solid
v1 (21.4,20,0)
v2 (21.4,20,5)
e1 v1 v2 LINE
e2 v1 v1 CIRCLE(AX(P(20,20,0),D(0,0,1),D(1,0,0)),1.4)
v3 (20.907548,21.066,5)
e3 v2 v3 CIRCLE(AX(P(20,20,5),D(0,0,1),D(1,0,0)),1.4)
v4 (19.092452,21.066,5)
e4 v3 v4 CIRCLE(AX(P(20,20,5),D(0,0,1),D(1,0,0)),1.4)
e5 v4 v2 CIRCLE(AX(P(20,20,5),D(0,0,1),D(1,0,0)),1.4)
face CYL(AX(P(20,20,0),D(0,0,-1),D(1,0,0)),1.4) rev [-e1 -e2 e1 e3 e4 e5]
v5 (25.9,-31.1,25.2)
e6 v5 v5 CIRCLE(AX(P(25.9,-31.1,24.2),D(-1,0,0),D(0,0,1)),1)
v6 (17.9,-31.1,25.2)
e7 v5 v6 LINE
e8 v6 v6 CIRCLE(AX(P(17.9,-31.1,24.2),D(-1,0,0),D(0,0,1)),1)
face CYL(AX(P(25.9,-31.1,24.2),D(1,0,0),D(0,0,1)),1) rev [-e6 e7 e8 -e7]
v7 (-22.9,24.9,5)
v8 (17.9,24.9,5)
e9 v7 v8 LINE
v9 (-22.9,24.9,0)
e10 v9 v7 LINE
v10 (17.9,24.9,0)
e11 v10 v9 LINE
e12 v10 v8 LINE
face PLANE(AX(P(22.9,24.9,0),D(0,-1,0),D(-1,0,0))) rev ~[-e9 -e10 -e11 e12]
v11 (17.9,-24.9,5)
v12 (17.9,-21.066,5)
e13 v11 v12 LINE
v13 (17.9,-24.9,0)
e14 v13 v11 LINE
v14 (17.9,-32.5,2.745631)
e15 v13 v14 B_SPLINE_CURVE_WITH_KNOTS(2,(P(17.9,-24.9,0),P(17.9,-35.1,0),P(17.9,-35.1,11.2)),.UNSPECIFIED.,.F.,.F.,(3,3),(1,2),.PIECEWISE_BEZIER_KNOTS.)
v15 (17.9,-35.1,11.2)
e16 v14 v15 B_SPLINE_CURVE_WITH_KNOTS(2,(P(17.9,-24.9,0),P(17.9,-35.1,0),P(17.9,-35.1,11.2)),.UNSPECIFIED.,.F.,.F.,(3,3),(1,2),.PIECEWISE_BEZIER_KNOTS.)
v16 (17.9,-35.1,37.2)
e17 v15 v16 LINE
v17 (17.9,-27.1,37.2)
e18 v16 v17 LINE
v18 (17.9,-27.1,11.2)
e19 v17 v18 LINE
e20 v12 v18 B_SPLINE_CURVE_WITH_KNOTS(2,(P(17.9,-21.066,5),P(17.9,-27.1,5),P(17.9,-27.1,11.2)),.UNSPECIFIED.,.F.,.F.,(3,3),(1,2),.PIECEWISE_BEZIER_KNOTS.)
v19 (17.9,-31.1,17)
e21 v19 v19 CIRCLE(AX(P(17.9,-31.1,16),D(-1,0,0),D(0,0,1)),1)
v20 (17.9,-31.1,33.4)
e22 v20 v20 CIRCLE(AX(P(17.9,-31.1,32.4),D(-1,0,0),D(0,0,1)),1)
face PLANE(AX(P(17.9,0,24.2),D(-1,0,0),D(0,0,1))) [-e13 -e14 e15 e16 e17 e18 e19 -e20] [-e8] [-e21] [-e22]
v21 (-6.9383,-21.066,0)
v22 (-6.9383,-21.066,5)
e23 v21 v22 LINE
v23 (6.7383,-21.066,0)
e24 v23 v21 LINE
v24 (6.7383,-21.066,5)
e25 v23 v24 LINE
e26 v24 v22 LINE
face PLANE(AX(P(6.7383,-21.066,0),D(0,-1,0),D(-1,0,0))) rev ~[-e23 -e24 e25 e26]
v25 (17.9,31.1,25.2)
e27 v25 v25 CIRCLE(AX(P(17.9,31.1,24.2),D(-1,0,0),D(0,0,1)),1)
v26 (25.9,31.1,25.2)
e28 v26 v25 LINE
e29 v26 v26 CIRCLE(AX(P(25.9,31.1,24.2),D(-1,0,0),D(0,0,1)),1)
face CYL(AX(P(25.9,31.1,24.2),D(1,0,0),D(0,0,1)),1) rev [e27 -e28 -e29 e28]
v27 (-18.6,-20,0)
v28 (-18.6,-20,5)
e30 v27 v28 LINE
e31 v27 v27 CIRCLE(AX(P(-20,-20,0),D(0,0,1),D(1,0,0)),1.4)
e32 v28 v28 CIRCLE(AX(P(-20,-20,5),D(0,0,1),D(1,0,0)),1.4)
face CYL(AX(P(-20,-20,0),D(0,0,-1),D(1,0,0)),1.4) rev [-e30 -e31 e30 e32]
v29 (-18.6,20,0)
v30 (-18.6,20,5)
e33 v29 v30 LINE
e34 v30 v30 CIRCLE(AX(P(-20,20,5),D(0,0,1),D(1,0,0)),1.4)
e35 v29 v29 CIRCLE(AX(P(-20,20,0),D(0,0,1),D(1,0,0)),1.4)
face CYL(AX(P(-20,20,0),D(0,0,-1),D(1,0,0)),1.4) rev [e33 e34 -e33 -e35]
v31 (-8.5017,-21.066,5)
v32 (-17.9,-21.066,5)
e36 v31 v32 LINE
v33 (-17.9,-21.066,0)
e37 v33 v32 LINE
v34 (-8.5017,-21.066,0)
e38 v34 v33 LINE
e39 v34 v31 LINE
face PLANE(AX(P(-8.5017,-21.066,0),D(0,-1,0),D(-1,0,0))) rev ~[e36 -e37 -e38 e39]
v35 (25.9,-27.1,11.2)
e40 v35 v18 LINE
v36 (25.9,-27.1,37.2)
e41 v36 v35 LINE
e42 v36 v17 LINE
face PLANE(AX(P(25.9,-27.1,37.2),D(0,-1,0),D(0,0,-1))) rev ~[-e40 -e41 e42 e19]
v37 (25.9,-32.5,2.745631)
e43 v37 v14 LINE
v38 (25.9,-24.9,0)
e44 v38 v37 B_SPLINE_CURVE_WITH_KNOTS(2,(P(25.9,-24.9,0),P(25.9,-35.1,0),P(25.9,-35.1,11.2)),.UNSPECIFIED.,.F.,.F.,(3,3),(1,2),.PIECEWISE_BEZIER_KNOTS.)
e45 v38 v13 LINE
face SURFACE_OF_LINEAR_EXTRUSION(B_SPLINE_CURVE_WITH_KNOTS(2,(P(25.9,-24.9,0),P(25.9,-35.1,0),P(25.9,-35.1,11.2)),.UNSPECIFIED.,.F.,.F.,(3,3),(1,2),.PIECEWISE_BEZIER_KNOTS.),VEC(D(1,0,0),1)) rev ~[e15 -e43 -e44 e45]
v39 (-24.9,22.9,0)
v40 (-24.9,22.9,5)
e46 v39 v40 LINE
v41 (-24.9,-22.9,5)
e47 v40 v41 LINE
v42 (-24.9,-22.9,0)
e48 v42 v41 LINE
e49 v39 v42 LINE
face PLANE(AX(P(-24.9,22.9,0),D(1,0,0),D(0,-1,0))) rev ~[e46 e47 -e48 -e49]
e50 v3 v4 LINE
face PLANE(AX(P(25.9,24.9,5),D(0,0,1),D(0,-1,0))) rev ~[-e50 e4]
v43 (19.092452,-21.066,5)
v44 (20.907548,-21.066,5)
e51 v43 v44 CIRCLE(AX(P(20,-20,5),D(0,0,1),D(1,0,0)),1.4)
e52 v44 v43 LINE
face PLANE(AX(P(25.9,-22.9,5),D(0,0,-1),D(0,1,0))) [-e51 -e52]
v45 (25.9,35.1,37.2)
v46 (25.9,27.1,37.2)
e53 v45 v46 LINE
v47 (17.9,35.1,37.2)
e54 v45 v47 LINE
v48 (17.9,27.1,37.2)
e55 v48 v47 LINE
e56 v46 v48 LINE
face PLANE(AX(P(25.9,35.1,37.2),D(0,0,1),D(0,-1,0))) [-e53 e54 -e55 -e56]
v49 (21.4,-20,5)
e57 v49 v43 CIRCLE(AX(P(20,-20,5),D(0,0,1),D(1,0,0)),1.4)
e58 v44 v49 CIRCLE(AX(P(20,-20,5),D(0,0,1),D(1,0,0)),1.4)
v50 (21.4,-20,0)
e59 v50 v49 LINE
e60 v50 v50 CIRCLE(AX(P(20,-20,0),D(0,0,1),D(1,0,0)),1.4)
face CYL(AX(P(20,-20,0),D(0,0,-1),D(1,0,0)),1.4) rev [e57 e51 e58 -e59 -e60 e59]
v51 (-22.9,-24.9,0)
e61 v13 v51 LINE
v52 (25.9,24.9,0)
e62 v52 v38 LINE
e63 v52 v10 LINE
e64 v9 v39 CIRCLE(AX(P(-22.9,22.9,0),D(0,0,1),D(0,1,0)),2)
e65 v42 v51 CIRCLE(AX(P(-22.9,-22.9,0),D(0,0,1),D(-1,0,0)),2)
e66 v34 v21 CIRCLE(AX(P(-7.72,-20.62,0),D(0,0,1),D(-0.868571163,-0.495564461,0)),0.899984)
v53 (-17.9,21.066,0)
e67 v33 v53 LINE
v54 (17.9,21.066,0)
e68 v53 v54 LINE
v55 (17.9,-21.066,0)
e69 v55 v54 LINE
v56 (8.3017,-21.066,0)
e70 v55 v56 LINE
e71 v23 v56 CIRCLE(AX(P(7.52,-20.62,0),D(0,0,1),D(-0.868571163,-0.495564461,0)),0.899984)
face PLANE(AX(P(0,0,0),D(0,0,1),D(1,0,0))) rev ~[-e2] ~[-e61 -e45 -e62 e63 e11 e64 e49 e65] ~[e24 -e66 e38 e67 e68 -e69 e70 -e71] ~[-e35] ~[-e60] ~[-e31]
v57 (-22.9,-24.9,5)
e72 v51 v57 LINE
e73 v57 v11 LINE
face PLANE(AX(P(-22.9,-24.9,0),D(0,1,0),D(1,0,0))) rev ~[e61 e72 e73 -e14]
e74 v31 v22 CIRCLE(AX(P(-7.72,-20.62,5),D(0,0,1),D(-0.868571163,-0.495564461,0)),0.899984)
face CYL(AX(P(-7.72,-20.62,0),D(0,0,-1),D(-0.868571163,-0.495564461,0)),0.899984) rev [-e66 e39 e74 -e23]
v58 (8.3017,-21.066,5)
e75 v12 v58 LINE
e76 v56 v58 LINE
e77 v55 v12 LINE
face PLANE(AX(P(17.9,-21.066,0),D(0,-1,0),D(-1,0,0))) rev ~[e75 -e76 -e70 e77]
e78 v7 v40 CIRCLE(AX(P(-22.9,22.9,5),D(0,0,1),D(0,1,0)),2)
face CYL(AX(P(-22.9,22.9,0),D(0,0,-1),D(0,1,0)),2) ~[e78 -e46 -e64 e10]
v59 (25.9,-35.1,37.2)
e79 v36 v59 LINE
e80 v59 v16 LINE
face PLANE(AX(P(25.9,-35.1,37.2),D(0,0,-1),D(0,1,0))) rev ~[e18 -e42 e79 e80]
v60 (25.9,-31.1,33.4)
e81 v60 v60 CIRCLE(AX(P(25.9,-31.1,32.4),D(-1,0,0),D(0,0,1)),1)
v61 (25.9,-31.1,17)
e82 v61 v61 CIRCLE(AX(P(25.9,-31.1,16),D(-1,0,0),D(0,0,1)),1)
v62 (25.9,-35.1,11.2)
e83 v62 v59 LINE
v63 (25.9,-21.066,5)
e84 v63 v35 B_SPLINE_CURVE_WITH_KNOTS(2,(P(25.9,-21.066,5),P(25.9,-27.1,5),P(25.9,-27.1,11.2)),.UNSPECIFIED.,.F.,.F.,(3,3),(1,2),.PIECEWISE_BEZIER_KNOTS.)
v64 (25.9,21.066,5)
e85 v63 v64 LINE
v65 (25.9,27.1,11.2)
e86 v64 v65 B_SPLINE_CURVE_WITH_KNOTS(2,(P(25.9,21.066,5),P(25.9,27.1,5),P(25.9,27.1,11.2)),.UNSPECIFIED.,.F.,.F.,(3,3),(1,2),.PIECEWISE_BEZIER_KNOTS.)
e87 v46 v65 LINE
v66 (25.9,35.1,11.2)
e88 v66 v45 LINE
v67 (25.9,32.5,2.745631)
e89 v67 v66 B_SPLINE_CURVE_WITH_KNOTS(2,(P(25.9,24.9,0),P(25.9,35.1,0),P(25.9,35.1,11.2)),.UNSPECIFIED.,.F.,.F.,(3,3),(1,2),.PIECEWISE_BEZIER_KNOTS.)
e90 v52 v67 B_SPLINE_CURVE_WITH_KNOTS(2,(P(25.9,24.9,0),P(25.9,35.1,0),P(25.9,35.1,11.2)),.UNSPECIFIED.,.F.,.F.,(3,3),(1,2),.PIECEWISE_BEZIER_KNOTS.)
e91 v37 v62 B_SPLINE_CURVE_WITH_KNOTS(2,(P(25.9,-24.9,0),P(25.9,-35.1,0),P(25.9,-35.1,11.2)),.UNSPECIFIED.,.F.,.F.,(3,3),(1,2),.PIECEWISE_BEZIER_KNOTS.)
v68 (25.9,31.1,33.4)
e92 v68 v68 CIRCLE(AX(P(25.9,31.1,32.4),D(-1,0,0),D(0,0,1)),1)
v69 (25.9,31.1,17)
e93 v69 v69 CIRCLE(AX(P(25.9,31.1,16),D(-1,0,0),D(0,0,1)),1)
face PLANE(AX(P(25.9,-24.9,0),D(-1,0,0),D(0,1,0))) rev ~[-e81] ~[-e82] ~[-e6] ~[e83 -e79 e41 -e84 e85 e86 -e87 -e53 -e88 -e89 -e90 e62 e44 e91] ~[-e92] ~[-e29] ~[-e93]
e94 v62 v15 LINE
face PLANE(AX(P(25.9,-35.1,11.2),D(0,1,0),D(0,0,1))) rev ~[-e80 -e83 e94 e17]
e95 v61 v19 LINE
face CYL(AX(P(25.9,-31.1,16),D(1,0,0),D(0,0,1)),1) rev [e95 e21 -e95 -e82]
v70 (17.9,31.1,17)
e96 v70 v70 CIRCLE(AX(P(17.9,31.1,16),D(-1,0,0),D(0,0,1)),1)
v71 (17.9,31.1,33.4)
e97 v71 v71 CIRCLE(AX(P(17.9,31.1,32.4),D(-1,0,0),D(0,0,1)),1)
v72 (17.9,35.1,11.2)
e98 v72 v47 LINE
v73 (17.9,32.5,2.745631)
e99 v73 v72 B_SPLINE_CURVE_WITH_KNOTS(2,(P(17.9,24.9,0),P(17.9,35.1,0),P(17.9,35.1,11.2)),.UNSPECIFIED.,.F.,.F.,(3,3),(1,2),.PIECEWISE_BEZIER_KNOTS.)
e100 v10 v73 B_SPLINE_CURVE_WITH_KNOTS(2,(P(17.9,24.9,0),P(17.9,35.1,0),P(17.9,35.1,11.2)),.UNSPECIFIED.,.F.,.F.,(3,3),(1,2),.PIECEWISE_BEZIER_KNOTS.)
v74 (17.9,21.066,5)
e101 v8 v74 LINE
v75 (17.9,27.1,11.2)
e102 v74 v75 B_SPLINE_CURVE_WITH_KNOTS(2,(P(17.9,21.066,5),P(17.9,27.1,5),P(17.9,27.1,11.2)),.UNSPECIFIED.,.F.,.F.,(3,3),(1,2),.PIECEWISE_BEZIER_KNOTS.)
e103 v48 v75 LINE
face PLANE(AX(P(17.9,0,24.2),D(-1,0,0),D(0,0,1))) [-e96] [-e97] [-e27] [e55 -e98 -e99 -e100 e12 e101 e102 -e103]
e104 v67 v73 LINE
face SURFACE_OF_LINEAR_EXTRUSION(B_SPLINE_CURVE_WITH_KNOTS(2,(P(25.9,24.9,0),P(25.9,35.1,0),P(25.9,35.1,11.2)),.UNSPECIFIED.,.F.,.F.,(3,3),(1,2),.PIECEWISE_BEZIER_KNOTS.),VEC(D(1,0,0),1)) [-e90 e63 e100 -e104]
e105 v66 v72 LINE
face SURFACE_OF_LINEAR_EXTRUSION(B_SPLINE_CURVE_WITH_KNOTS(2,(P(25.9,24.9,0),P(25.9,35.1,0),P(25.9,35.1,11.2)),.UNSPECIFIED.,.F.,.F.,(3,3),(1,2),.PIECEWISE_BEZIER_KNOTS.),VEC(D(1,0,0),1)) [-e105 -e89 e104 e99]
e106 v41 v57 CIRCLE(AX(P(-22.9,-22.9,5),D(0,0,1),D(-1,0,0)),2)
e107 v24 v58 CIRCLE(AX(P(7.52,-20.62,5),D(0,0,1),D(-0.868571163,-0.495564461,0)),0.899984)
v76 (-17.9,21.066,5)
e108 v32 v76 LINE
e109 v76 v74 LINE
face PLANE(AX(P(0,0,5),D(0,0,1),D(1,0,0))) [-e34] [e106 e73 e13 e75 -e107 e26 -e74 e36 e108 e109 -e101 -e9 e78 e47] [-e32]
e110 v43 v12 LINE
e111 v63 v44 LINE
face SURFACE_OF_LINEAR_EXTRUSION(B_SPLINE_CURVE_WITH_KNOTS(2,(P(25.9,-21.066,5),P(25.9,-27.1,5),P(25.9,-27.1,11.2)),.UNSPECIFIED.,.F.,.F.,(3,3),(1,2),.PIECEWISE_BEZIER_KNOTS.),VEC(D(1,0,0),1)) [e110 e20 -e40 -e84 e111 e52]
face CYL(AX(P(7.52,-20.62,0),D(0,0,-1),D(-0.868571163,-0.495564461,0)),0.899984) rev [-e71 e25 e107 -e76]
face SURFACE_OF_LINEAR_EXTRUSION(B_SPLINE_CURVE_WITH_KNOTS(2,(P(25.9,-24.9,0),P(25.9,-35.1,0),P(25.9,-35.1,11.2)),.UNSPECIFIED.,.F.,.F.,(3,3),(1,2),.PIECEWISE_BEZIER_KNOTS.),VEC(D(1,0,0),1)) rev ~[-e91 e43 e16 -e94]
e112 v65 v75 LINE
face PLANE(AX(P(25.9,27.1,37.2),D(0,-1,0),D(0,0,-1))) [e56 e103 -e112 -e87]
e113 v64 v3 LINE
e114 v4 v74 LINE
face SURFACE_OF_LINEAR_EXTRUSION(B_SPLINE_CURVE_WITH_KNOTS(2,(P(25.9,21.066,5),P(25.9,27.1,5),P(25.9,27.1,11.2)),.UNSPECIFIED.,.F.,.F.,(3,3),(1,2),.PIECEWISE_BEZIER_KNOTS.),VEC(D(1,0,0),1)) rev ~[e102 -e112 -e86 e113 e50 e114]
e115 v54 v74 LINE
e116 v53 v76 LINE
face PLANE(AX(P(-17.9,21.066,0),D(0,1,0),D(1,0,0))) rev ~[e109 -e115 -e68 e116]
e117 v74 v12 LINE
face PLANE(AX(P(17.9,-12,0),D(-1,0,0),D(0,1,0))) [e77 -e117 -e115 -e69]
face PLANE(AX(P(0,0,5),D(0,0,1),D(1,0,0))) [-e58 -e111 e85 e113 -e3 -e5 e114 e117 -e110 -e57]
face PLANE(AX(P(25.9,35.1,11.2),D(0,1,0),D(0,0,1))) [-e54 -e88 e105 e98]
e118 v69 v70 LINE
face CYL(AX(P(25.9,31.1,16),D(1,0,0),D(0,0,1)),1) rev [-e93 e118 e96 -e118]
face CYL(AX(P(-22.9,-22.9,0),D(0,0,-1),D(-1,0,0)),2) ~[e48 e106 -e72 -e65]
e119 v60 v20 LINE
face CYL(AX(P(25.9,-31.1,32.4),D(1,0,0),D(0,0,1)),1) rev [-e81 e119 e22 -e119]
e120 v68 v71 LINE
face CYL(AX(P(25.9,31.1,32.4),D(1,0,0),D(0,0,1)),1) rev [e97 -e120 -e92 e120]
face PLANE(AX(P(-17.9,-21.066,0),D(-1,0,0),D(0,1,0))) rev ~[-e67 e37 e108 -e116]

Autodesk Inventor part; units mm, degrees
ref_plane "YZ Plane" through (0, 0, 0) normal (1, 0, 0) x (0, 1, 0)
ref_plane "XZ Plane" through (0, 0, 0) normal (0, 1, 0) x (-1, 0, 0)
ref_plane "XY Plane" through (0, 0, 0) normal (0, 0, 1) x (1, 0, 0)
ref_plane "Arbeitsebene1" through (0, 0, 0) normal (0, 0, 1) x (1, 0, 0)
sketch "Skizze1" plane through (0, 0, 0) normal (0, 0, 1) x (1, 0, 0)
  arc A0 (13.4381, 5.6873) -> (13.3881, 5.2) centre (15.7881, 5.2) ccw construction
  line L0 (13.4381, 5.6873) -> (13.4381, 7.6) construction
  line L1 (13.4381, 7.6) -> (15.7881, 7.6) construction
  arc A1 (18.1881, 5.2) -> (15.7881, 7.6) centre (15.7881, 5.2) ccw projected
  line L2 (18.1881, 5.2) -> (18.1881, -5.2) construction
  arc A2 (15.7881, -7.6) -> (18.1881, -5.2) centre (15.7881, -5.2) ccw projected
  line L3 (15.7881, -7.6) -> (13.4381, -7.6) construction
  line L4 (13.4381, -7.6) -> (13.4381, -5.6873) construction
  arc A3 (13.3881, -5.2) -> (13.4381, -5.6873) centre (15.7881, -5.2) ccw construction
  line L5 (13.3881, -5.2) -> (13.3881, 5.2) construction
  arc A4 (14.5, 9) -> (11.5, 6) centre (14.5, 6) ccw construction
  line L6 (11.5, -6) -> (11.5, 6) construction
  arc A5 (11.5, -6) -> (14.5, -9) centre (14.5, -6) ccw construction
  line L7 (14.9, -9) -> (14.5, -9) construction
  arc A6 (17.9, -12) -> (14.9, -9) centre (14.9, -12) ccw projected
  line L8 (17.9, -12) -> (17.9, -21.066) projected
  line L9 (6.7383, -21.066) -> (-6.9383, -21.066) projected
  line L10 (-17.9, -21.066) -> (-17.9, 21.066) projected
  line L11 (-17.9, 21.066) -> (17.9, 21.066) projected
  line L12 (17.9, 21.066) -> (17.9, 12) projected
  arc A7 (14.9, 9) -> (17.9, 12) centre (14.9, 12) ccw projected
  line L13 (14.5, 9) -> (14.9, 9) construction
  circle A8 centre (-20, 20) radius 1.6 construction
  circle A9 centre (20, -20) radius 1.6 construction
  circle A10 centre (-20, -20) radius 1.6 construction
  circle A11 centre (20, 20) radius 1.6 construction
  arc A12 (-22.9, 24.9) -> (-24.9, 22.9) centre (-22.9, 22.9) ccw projected
  line L14 (-24.9, 22.9) -> (-24.9, -22.9) projected
  arc A13 (-24.9, -22.9) -> (-22.9, -24.9) centre (-22.9, -22.9) ccw projected
  line L15 (-22.9, -24.9) -> (22.9, -24.9) projected
  arc A14 (22.9, -24.9) -> (24.9, -22.9) centre (22.9, -22.9) ccw projected
  line L16 (24.9, -22.9) -> (24.9, 22.9) projected
  arc A15 (24.9, 22.9) -> (22.9, 24.9) centre (22.9, 22.9) ccw projected
  line L17 (22.9, 24.9) -> (-22.9, 24.9) projected
  arc A16 (6.7383, -21.066) -> (8.3017, -21.066) centre (7.52, -20.62) ccw projected
  arc A17 (-8.5017, -21.066) -> (-6.9383, -21.066) centre (-7.72, -20.62) ccw projected
  line L18 (-8.5017, -21.066) -> (-17.9, -21.066) projected
  line L19 (17.9, -21.066) -> (8.3017, -21.066) projected
  line L20 (17.9, -12) -> (17.9, 12)
  circle A18 centre (-20, 20) radius 1.4
  line L21 (-20, 20) -> (20, 20) construction
  line L22 (20, 20) -> (20, -20) construction
  line L23 (20, -20) -> (-20, -20) construction
  line L24 (-20, -20) -> (-20, 20) construction
  circle A19 centre (20, -20) radius 1.4
  circle A20 centre (20, 20) radius 1.4
  circle A21 centre (-20, -20) radius 1.4
  line L25 (25.9, -32.5) -> (25.9, 32.5) projected
  line L26 (22.9, -24.9) -> (25.9, -24.9)
  line L27 (22.9, 24.9) -> (25.9, 24.9)
  point P0 (0, 0)
  dimension "d7" = 2.8
  dimension "d8" = 40
  dimension "d9" = 40
  dimension "d10" = 2.8
  dimension "d11" = 2.8
  dimension "d12" = 2.8
extrude "Extrusion1" add sketch "Skizze1" along normal blind 5
sketch "Skizze2" plane through (0, 0, 5) normal (0, 0, 1) x (1, 0, 0)
  point P0 (0, 0)
ref_plane "Arbeitsebene2" through (25.9, 0, 24.2) normal (-1, 0, 0) x (0, 0, 1)
sketch "Skizze3" plane through (25.9, 0, 24.2) normal (-1, 0, 0) x (0, 0, 1)
  circle A0 centre (-31.1, -8.2) radius 1 projected
  circle A1 centre (31.1, 8.2) radius 1 projected
  circle A2 centre (-31.1, 0) radius 1 projected
  circle A3 centre (31.1, 0) radius 1 projected
  circle A4 centre (31.1, -8.2) radius 1 projected
  circle A5 centre (-31.1, 8.2) radius 1 projected
  circle A6 centre (8.2, 31.1) radius 1 projected
  circle A7 centre (-8.2, -31.1) radius 1 projected
  circle A8 centre (0, -31.1) radius 1 projected
  circle A9 centre (0, 31.1) radius 1 projected
  circle A10 centre (8.2, -31.1) radius 1 projected
  circle A11 centre (-8.2, 31.1) radius 1 projected
  circle A12 centre (0, 0) radius 0.75 projected
  line L0 (-32.5, 32.5) -> (32.5, 32.5) projected
  line L1 (-32.5, -32.5) -> (-32.5, 32.5) projected
  line L2 (32.5, -32.5) -> (-32.5, -32.5) projected
  line L3 (32.5, 32.5) -> (32.5, -32.5) projected
  line L4 (-19.2, 22.9) -> (-19.2, -22.9) construction
  line L5 (-19.2, 0) -> (31.1, 0) construction
  line L6 (-13, -35.1) -> (13, -35.1)
  line L7 (13, -35.1) -> (13, -27.1)
  line L8 (13, -27.1) -> (-13, -27.1)
  line L9 (-13, -27.1) -> (-13, -35.1)
  line L10 (-13, -35.1) -> (13, -27.1) construction
  line L11 (13, -35.1) -> (-13, -27.1) construction
  line L12 (-24.2, -21.066) -> (-19.2, -21.066) projected
  line L13 (-24.2, -24.9) -> (-19.2, -24.9) projected
  line L14 (-19.2, -22.9) -> (-19.2, 22.9) projected
  line L15 (-19.2, 21.066) -> (-19.2, -21.066) projected
  line L16 (-19.2, 0) -> (-19.2, -21.066)
  line L17 (-24.2, -22.9) -> (-19.2, -22.9) projected
  line L18 (-19.2, -21.066) -> (-19.2, -22.9)
  line L19 (-19.2, -22.9) -> (-24.2, -22.9)
  line L20 (-24.2, 22.9) -> (-24.2, -22.9) projected
  line L21 (-24.2, -24.9) -> (-19.2, -24.9) projected
  line L22 (-24.2, -22.9) -> (-24.2, -24.9)
  line L23 (-19.2, -24.9) -> (-19.2, -22.9) projected
  line L24 (-24.2, -24.9) -> (-24.2, -35.1) construction
  line L25 (-24.2, -35.1) -> (-13, -35.1) construction
  spline S0 degree 2 poles (-24.2, -24.9) (-24.2, -35.1) (-13, -35.1) knots 1 1 1 2 2 2
  line L26 (-19.2, -21.066) -> (-19.2, -27.1) construction
  line L27 (-19.2, -27.1) -> (-13, -27.1) construction
  spline S1 degree 2 poles (-19.2, -21.066) (-19.2, -27.1) (-13, -27.1) knots 1 1 1 2 2 2
  circle A13 centre (-8.2, 31.1) radius 1
  circle A14 centre (0, 31.1) radius 1
  circle A15 centre (8.2, 31.1) radius 1
  line L28 (-13, 35.1) -> (13, 35.1)
  line L29 (13, 35.1) -> (13, 27.1)
  line L30 (13, 27.1) -> (-13, 27.1)
  line L31 (-13, 27.1) -> (-13, 35.1)
  line L32 (-13, 35.1) -> (13, 27.1) construction
  line L33 (13, 35.1) -> (-13, 27.1) construction
  line L34 (-24.2, 21.066) -> (-19.2, 21.066)
  line L35 (-24.2, 24.9) -> (-19.2, 24.9)
  line L36 (-24.2, 22.9) -> (-19.2, 22.9)
  line L37 (-19.2, 21.066) -> (-19.2, 22.9)
  line L38 (-19.2, 22.9) -> (-24.2, 22.9)
  line L39 (-24.2, 24.9) -> (-19.2, 24.9)
  line L40 (-24.2, 22.9) -> (-24.2, 24.9)
  line L41 (-19.2, 24.9) -> (-19.2, 22.9)
  line L42 (-24.2, 24.9) -> (-24.2, 35.1) construction
  line L43 (-24.2, 35.1) -> (-13, 35.1) construction
  spline S2 degree 2 poles (-24.2, 24.9) (-24.2, 35.1) (-13, 35.1) knots 1 1 1 2 2 2
  line L44 (-19.2, 21.066) -> (-19.2, 27.1) construction
  line L45 (-19.2, 27.1) -> (-13, 27.1) construction
  spline S3 degree 2 poles (-19.2, 21.066) (-19.2, 27.1) (-13, 27.1) knots 1 1 1 2 2 2
  point P0 (-24.2, 0)
  dimension "d2" = 26
  dimension "d3" = 8
extrude "Extrusion2" add sketch "Skizze3" along normal up to surface (8 mm away) contours S2 L31 L0 | L0 L31 S3 L14 L41 L35 S2 | L31 L28 L29 L0 | L0 L29 L30 L31 | S0 L13 L23 L14 S1 L9 L2 | L2 L9 S0 | L9 L8 L7 L2 | L2 L7 L6 L9 | L22 L17 L23 L13
properties part number "30_Cube_LED_Array_v0"
